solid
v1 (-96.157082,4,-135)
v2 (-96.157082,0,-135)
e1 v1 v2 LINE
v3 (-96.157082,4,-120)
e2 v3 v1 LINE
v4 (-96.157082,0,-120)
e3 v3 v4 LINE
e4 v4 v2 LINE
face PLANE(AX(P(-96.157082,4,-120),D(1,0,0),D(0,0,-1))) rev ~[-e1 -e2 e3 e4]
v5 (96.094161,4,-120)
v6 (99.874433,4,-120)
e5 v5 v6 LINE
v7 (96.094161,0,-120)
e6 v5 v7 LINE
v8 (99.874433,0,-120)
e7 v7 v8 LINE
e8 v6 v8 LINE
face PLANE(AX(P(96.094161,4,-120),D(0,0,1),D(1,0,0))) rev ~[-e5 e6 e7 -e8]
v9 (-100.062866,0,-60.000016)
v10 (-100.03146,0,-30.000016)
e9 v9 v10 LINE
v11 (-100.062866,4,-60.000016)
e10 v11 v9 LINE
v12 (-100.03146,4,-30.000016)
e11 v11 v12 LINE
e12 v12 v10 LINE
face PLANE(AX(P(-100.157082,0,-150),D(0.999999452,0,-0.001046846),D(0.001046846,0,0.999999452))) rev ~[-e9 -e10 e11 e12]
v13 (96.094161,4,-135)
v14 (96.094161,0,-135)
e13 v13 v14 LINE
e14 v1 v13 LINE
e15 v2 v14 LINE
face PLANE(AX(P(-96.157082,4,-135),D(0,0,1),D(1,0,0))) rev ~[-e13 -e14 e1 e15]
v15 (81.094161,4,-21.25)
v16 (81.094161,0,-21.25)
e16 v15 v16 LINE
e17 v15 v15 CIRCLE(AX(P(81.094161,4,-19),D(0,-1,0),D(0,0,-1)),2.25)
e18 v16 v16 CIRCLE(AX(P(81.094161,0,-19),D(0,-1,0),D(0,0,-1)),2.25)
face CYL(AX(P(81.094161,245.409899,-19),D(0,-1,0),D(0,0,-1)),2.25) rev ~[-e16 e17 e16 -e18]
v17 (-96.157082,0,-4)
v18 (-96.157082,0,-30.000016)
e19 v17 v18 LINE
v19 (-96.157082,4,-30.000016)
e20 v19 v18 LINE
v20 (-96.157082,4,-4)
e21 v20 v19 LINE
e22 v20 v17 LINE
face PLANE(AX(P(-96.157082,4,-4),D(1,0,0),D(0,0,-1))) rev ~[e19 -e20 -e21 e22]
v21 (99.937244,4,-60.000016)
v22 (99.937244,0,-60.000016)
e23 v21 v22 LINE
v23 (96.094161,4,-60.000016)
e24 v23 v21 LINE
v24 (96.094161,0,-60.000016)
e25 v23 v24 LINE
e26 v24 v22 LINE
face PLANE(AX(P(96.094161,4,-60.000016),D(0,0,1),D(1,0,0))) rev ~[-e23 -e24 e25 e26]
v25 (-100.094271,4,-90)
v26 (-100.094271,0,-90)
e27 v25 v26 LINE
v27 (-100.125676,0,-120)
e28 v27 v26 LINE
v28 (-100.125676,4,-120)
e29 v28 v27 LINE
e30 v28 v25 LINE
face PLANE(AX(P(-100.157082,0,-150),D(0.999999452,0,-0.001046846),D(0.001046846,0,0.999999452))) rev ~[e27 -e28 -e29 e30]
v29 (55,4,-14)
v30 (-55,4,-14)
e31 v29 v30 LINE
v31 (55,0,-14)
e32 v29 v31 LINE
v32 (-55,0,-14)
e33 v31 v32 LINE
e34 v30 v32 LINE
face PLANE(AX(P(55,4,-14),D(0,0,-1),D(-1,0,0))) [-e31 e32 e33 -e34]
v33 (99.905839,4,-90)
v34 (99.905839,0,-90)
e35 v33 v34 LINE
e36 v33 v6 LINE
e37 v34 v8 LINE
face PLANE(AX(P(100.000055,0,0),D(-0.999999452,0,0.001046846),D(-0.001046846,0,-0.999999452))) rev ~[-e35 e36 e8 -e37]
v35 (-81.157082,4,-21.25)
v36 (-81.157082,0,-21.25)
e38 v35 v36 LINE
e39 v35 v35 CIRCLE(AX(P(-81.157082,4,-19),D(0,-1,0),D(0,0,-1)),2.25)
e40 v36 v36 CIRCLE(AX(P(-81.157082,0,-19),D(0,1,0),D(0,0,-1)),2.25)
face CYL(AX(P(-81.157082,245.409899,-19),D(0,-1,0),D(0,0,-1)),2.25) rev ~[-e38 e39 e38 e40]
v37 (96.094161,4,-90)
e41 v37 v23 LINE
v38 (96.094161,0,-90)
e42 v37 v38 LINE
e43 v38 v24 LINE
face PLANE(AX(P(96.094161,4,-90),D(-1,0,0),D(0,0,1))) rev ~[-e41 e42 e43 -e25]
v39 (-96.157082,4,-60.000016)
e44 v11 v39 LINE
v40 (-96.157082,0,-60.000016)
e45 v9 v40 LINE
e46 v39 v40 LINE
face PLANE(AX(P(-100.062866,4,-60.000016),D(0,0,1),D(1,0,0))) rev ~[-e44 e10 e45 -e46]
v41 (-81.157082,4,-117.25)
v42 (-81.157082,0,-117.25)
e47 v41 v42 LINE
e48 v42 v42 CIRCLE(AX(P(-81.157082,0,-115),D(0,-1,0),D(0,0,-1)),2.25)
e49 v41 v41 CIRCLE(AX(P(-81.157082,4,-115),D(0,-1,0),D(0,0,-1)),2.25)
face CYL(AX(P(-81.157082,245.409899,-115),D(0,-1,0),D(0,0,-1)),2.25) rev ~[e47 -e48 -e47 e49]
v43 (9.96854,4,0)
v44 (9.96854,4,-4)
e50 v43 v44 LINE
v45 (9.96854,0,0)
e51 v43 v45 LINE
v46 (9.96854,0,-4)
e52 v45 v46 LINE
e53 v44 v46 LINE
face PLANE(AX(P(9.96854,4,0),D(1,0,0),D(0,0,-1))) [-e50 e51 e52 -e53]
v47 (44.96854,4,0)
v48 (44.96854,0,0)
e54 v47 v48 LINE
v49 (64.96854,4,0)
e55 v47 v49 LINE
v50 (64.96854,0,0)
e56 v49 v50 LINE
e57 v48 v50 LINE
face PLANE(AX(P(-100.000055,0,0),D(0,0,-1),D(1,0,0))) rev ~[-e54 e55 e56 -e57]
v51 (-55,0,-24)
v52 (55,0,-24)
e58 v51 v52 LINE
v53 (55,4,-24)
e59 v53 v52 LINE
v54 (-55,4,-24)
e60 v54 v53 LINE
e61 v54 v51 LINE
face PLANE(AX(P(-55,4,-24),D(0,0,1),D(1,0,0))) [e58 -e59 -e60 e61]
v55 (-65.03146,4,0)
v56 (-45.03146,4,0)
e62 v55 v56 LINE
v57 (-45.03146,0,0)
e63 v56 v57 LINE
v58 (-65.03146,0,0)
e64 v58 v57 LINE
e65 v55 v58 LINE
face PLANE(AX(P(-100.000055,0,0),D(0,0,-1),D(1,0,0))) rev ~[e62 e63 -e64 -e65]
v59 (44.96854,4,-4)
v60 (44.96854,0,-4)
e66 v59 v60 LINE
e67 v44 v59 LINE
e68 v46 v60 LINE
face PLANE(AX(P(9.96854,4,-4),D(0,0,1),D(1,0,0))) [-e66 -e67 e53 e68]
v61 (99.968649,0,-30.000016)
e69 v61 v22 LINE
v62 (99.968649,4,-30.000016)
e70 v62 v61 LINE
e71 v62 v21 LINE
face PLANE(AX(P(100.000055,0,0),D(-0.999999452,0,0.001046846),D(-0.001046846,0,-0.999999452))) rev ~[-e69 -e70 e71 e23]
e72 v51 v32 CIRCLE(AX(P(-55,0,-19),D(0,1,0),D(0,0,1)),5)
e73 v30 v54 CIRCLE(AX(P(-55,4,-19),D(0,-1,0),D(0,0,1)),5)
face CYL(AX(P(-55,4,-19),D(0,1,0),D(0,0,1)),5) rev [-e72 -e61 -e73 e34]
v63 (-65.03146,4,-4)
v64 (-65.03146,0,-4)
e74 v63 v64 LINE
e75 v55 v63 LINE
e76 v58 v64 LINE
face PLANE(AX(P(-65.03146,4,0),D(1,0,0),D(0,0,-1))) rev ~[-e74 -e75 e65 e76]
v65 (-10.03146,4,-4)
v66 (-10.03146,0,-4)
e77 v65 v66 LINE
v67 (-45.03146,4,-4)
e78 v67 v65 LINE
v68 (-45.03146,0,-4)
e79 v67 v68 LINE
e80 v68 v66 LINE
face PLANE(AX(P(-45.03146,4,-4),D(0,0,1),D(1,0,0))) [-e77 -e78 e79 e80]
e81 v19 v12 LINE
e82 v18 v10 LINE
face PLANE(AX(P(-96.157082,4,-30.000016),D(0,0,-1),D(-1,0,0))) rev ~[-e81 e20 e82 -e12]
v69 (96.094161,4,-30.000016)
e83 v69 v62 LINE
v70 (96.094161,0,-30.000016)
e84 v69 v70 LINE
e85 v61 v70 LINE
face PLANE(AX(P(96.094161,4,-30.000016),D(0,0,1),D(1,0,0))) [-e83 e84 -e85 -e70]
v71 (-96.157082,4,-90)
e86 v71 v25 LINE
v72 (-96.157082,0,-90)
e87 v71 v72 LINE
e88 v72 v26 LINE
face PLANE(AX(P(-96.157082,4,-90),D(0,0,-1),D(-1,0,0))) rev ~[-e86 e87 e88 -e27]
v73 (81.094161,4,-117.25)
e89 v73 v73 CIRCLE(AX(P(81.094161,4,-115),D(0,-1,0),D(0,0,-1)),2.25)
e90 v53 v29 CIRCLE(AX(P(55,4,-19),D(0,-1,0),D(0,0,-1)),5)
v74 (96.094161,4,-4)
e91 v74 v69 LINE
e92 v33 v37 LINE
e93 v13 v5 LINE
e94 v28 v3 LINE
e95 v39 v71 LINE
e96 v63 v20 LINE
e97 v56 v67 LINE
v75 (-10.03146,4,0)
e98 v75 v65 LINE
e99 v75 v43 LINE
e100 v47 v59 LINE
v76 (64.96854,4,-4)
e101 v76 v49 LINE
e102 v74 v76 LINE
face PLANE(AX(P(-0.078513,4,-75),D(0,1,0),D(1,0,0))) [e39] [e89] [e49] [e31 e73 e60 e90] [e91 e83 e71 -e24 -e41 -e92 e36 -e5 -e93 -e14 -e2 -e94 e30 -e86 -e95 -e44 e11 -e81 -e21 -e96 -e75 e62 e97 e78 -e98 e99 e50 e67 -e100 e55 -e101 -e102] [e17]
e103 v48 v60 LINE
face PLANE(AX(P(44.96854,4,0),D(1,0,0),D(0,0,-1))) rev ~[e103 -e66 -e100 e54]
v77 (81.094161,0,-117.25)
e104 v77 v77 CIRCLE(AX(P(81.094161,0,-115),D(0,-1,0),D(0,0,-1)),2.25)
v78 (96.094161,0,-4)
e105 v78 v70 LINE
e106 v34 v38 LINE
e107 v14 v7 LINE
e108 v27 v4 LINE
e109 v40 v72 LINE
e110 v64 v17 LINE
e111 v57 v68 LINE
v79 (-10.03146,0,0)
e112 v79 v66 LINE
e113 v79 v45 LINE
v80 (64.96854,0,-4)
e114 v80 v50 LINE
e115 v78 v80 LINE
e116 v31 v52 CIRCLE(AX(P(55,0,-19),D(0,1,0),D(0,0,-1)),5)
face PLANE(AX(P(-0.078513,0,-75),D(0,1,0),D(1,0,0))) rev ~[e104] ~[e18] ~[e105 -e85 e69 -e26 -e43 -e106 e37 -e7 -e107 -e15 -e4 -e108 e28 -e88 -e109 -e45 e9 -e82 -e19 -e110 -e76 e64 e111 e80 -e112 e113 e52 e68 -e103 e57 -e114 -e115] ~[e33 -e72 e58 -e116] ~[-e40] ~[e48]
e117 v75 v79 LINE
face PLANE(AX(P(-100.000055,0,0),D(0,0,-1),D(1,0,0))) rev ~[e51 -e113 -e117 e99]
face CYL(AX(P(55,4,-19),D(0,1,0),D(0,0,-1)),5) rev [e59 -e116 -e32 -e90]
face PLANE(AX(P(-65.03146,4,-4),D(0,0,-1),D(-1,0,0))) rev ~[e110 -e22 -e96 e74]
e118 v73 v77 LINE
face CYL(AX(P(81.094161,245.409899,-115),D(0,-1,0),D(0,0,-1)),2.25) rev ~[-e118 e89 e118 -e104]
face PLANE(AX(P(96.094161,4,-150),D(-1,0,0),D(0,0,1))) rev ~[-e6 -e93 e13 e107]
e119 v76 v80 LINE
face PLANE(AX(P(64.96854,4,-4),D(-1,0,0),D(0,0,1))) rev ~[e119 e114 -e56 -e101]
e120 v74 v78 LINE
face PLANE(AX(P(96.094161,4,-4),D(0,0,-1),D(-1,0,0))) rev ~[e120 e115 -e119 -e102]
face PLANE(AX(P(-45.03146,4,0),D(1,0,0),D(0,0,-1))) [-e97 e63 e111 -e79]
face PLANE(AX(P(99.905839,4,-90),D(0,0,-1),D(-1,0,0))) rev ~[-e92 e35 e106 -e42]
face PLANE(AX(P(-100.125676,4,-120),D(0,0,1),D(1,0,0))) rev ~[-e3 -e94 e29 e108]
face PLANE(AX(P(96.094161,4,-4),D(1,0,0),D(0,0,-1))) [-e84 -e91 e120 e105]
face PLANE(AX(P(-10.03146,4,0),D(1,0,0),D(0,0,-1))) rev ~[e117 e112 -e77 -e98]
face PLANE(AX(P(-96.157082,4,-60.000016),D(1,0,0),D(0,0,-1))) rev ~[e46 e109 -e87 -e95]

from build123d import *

# Parameters (mm, degrees)
RESSALTO_EXTRUS_O1_DEPTH = 4
ESBO_O2_W                = 35
ESBO_O2_H                = 4
ESBO_O2_W_2              = 3.874378487
ESBO_O2_H_2              = 26.000016438
CORTE_EXTRUS_O1_DEPTH    = 5
CORTE_EXTRUS_O5_REACH    = 6
ESBO_O6_W                = 32.376232368
ESBO_O6_H                = 43.313616366
ESBO_O3_W                = 192.251243026
ESBO_O3_H                = 15
CORTE_EXTRUS_O3_DEPTH    = 5
FURO_COM_FOLGA_DE_M41_D  = 4.5
ESBO_O5_R                = 2.25
CORTE_EXTRUS_O4_DEPTH    = 5


with BuildPart() as part:
    # Esboço1 → Ressalto-extrusão1 (new body)
    with BuildSketch(Plane(origin=(0, 0, 0), x_dir=(1, 0, 0), z_dir=(0, 1, 0))):
        Polygon((-100.157081707, 150), (-100.000054794, 0), (100.000054794, 0), (99.843027881, 150), align=None)
    extrude(amount=RESSALTO_EXTRUS_O1_DEPTH)

    # Esboço2 → Corte-extrusão1 (cut, through all)
    with BuildSketch(Plane(origin=(0, 4, 0), x_dir=(1, 0, 0), z_dir=(0, 1, 0))):
        Polygon((-100.125676325, 120), (-96.157081707, 120), (-96.157081707, 150), (-100.157081707, 150), align=None)
        Polygon((-100.062865577, 60.000016438), (-96.157081707, 60.000016438), (-96.157081707, 90), (-100.094270942, 90), align=None)
        Polygon((-100.004242179, 4), (-96.157081707, 4), (-96.157081707, 30.000016438), (-100.031460194, 30.000016438), align=None)
        Polygon((-100.000054794, 0), (-65.031460194, 0), (-65.031460194, 4), (-96.157081707, 4), (-100.004242179, 4), align=None)
        with Locations((-27.531460194, 2)):
            Rectangle(ESBO_O2_W, ESBO_O2_H)
        with Locations((27.468539806, 2)):
            Rectangle(ESBO_O2_W, ESBO_O2_H)
        Polygon((64.968539806, 4), (64.968539806, 0), (99.968539806, 0), (99.968539806, 4), (96.094161319, 4), align=None)
        with Locations((98.031350563, 17.000008219)):
            Rectangle(ESBO_O2_W_2, ESBO_O2_H_2)
        Polygon((96.094161319, 60.000016438), (99.937244012, 60.000016438), (99.905838646, 90), (96.094161319, 90), align=None)
        Polygon((99.843027881, 150), (96.094161319, 150), (96.094161319, 120), (99.874433264, 120), align=None)
    extrude(amount=-CORTE_EXTRUS_O1_DEPTH, mode=Mode.SUBTRACT)

    # Esboço6 → Corte-extrusão5 (cut, up to next)
    with BuildSketch(Plane(origin=(0, 4, 0), x_dir=(1, 0, 0), z_dir=(0, 1, 0)), mode=Mode.PRIVATE) as corte_extrus_o5_sk1:
        with Locations((112.282277503, 8.343208255)):
            Rectangle(ESBO_O6_W, ESBO_O6_H)
    corte_extrus_o5_tool1 = extrude(corte_extrus_o5_sk1.sketch, amount=-CORTE_EXTRUS_O5_REACH, mode=Mode.PRIVATE) & part.part
    add(corte_extrus_o5_tool1.solids().sort_by_distance((112.282278, 4, -8.343208))[0], mode=Mode.SUBTRACT)

    # Esboço3 → Corte-extrusão3 (cut, through all)
    with BuildSketch(Plane(origin=(0, 4, 0), x_dir=(1, 0, 0), z_dir=(0, 1, 0))):
        with Locations((-0.031460194, 142.5)):
            Rectangle(ESBO_O3_W, ESBO_O3_H)
    extrude(amount=-CORTE_EXTRUS_O3_DEPTH, mode=Mode.SUBTRACT)

    # Furo com folga de M41 (through all)
    with Locations(Plane(origin=(-81.157081707, 4, -19), x_dir=(0, 0, 1), z_dir=(0, 1, 0))):
        with Locations((0, 0), (-96, 0), (-96, 162.251243026), (0, 162.251243026)):
            Hole(FURO_COM_FOLGA_DE_M41_D / 2)

    # Esboço5 → Corte-extrusão4 (cut, through all)
    with BuildSketch(Plane(origin=(0, 4, 0), x_dir=(1, 0, 0), z_dir=(0, 1, 0))):
        with Locations((-81.157081707, 19)):
            Circle(ESBO_O5_R)
        with BuildLine():
            Line((-55, 24), (55, 24))
            ThreePointArc((55, 24), (60, 19), (55, 14))
            Line((55, 14), (-55, 14))
            ThreePointArc((-55, 14), (-60, 19), (-55, 24))
        make_face()
    extrude(amount=-CORTE_EXTRUS_O4_DEPTH, mode=Mode.SUBTRACT)


solid = part.part
